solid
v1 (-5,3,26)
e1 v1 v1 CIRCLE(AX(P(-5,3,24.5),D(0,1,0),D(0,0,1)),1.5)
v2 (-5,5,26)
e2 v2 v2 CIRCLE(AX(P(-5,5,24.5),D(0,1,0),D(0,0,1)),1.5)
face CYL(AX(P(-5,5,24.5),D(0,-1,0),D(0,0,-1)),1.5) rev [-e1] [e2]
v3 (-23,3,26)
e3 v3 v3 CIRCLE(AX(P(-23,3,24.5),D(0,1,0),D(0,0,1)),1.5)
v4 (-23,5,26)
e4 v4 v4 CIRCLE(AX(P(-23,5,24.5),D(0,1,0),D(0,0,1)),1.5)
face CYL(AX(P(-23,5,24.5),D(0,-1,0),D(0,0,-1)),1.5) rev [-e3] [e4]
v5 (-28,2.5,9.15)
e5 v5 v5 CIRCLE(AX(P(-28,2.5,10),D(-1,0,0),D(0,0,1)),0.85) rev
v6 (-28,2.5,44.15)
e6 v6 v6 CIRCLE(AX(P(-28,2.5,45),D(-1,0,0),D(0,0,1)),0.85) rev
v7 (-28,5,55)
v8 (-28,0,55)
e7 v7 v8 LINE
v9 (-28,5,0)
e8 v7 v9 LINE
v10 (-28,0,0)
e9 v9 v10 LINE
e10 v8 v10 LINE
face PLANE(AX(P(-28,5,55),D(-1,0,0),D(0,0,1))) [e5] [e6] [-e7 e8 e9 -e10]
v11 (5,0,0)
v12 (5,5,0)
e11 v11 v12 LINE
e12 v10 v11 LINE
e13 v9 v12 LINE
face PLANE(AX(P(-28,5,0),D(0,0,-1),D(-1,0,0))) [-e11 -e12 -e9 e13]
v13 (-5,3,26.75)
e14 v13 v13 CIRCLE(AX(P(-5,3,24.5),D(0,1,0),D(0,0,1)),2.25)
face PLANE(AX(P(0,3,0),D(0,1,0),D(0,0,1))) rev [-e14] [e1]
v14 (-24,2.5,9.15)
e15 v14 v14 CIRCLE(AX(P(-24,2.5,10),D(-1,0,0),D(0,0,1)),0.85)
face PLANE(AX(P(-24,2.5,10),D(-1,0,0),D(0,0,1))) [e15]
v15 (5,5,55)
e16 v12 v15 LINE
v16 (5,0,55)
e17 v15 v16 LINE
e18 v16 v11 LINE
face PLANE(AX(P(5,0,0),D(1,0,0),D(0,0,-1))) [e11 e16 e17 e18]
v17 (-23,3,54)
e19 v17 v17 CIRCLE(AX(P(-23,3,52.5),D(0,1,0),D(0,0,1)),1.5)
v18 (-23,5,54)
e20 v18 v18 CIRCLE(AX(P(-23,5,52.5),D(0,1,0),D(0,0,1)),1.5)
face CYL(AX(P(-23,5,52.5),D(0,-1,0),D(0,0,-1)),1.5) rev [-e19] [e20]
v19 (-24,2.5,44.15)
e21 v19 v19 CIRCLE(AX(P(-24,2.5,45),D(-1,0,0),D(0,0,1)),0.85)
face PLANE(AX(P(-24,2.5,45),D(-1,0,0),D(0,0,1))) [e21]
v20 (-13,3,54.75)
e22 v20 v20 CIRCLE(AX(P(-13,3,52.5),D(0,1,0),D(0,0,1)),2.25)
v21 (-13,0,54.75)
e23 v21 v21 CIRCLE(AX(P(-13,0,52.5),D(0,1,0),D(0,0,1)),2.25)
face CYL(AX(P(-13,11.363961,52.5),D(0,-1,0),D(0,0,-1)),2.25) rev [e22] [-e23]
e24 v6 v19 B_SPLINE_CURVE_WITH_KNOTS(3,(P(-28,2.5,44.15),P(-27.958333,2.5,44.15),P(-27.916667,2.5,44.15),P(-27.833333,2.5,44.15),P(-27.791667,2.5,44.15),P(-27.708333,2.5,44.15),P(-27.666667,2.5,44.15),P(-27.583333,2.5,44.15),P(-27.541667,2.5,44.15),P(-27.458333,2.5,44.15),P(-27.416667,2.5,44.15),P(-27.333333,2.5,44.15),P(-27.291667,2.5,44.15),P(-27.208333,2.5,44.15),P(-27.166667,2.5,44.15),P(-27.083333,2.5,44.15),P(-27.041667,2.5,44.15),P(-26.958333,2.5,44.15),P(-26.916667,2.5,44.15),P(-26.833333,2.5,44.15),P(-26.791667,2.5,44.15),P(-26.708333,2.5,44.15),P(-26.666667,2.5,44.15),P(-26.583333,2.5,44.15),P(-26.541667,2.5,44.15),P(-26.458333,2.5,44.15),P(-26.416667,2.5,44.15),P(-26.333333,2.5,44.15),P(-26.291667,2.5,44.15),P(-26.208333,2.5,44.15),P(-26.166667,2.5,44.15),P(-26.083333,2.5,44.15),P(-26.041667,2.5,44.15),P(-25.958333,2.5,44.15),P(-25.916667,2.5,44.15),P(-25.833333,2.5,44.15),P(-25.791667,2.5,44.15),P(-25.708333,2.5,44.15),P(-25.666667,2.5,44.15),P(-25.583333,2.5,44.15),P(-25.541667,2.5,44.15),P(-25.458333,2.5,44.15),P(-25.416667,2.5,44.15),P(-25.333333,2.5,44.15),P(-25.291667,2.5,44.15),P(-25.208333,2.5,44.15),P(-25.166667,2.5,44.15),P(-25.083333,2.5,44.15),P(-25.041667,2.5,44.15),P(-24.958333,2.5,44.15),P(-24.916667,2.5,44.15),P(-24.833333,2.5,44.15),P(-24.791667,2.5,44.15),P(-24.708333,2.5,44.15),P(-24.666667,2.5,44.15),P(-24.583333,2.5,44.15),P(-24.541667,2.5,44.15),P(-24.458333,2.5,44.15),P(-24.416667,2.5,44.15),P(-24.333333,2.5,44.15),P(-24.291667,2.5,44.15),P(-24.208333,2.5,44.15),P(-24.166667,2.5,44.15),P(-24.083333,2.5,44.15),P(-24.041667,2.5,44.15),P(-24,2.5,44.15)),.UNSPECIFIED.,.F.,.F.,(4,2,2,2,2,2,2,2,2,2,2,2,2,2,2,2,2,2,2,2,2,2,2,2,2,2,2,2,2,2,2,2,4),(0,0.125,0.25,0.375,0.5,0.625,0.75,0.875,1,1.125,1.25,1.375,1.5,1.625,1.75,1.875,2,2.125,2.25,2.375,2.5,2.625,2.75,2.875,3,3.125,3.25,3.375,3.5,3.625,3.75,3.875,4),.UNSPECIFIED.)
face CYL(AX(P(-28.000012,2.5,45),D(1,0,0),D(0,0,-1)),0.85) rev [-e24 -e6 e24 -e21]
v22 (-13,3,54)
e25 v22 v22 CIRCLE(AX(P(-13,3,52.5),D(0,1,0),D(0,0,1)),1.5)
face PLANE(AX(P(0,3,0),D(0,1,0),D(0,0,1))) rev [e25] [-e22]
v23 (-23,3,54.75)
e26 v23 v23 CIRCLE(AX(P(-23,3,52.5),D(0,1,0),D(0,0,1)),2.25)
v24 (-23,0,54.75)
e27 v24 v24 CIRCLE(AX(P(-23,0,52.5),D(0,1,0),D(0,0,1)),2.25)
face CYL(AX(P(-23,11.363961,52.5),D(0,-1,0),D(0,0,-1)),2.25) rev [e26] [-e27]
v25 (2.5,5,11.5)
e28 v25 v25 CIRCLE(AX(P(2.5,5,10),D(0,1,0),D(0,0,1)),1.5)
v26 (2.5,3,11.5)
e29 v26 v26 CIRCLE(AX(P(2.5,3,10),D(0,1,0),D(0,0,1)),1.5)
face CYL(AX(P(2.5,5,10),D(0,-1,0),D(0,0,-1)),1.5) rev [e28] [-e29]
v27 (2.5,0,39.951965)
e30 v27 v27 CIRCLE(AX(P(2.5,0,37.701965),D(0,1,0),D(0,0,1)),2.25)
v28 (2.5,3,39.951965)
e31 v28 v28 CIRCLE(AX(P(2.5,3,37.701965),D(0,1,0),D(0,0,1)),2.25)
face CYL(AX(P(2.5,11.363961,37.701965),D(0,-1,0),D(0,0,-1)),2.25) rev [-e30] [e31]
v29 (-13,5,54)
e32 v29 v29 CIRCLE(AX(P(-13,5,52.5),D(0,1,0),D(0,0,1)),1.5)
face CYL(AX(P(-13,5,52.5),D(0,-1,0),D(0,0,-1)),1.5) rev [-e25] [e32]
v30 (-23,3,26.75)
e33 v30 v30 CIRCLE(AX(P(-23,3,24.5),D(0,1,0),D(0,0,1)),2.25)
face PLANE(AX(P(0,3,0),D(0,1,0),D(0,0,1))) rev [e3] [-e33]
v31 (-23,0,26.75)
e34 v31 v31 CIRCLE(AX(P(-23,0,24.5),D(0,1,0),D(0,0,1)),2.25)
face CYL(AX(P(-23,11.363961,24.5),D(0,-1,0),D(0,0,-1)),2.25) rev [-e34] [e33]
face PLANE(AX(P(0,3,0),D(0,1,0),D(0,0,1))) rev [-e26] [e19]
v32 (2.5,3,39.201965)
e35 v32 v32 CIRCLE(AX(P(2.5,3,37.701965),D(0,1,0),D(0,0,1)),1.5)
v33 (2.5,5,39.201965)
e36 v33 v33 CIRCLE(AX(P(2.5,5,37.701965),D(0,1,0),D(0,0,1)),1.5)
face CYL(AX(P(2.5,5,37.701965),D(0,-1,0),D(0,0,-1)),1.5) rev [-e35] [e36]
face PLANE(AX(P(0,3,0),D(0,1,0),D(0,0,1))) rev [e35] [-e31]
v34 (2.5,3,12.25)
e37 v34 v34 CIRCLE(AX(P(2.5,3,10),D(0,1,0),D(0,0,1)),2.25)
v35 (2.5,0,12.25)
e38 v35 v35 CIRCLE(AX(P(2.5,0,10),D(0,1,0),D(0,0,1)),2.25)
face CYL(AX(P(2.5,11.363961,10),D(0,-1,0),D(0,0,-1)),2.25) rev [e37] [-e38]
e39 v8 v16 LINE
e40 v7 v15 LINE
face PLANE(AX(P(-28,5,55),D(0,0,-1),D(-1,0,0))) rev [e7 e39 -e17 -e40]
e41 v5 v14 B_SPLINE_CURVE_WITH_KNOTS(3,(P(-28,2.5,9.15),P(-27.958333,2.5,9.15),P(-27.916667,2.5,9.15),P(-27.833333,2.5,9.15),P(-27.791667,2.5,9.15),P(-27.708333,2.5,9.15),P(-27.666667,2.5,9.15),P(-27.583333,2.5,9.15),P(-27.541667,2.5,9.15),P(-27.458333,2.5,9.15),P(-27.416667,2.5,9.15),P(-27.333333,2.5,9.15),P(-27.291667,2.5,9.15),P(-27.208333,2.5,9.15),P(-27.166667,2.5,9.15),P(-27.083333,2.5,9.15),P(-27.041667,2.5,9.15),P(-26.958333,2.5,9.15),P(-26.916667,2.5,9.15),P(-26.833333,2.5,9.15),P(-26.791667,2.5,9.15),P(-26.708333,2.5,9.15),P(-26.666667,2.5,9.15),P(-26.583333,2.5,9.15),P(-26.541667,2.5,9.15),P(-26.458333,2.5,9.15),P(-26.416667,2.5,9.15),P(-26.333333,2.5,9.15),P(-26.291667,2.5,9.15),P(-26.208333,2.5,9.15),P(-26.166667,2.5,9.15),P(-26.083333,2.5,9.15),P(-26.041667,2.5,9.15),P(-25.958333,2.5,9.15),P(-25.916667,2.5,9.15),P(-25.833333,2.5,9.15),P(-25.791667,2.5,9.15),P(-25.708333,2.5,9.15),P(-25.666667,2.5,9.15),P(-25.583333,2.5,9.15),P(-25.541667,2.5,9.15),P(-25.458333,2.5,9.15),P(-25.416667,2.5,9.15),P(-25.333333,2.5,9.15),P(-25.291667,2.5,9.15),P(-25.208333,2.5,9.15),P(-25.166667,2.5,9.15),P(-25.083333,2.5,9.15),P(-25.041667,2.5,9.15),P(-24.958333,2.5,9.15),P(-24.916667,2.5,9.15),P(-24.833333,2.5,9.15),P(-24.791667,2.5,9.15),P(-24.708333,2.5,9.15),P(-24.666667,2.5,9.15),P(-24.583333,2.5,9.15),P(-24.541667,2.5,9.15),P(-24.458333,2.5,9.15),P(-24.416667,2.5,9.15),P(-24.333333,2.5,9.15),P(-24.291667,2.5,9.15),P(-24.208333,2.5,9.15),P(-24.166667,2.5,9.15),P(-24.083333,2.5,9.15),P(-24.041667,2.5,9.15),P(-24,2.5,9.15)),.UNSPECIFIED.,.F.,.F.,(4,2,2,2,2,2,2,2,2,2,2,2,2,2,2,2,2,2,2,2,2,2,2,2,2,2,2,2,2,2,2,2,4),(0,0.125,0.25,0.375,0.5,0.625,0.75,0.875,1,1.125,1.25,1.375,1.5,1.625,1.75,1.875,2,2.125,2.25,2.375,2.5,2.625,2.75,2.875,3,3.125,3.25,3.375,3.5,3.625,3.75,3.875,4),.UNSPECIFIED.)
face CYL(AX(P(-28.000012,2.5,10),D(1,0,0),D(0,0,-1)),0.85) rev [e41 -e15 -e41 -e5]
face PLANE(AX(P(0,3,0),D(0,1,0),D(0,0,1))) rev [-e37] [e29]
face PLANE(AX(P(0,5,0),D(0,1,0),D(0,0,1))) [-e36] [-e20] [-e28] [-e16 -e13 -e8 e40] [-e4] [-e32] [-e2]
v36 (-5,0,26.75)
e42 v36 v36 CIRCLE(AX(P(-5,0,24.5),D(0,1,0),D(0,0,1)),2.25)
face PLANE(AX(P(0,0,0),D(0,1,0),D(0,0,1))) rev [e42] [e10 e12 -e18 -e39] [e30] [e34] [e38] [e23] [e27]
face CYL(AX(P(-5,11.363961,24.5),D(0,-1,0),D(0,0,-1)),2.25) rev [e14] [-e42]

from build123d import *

# Parameters (mm, degrees)
SKETCH_1_W               = 28
SKETCH_1_H               = 55
SKETCH_1_R               = 1.5
EXTRUDE_1_DEPTH          = 5
CUT_EXTRUDE_1_DEPTH      = 62.919302322
CUT_EXTRUDE_1_DEPTH_BACK = 4
SKETCH_4_R               = 0.85
SKETCH_5_W               = 55
SKETCH_5_H               = 5
EXTRUDE_2_DEPTH          = 5
SKETCH_1_22_R            = 1.5
CUT_EXTRUDE_2_DEPTH      = 62.919302322
SKETCH_1_23_R            = 2.25
CUT_EXTRUDE_3_DEPTH      = 3


with BuildPart() as part:
    # 草图1 → 凸台-拉伸1 (new body)
    with BuildSketch(Plane(origin=(0, 0, 0), x_dir=(1, 0, 0), z_dir=(0, 1, 0))):
        with Locations((-14, -27.5)):
            Rectangle(SKETCH_1_W, SKETCH_1_H)
        with Locations(Location((-23, -24.5, 0), (0, 0, 270))):
            Circle(SKETCH_1_R, mode=Mode.SUBTRACT)
        with Locations(Location((-5, -24.5, 0), (0, 0, 270))):
            Circle(SKETCH_1_R, mode=Mode.SUBTRACT)
        with Locations(Location((-13, -52.5, 0), (0, 0, 270))):
            Circle(SKETCH_1_R, mode=Mode.SUBTRACT)
        with Locations(Location((-23, -52.5, 0), (0, 0, 270))):
            Circle(SKETCH_1_R, mode=Mode.SUBTRACT)
    extrude(amount=EXTRUDE_1_DEPTH)

    # 草图4 → 切除-拉伸1 (cut, two sides: drawn at the far end of the back side and taken through both)
    with BuildSketch(Plane.ZY.offset(28).offset(-CUT_EXTRUDE_1_DEPTH_BACK)):
        with Locations(Location((10, 2.5, 0), (0, 0, 180))):
            Circle(SKETCH_4_R)
        with Locations(Location((45, 2.5, 0), (0, 0, 180))):
            Circle(SKETCH_4_R)
    extrude(amount=CUT_EXTRUDE_1_DEPTH + CUT_EXTRUDE_1_DEPTH_BACK, mode=Mode.SUBTRACT)

    # 草图5 → 凸台-拉伸2 (add)
    with BuildSketch(Plane(origin=(0, 0, 0), x_dir=(0, 0, -1), z_dir=(1, 0, 0))):
        with Locations((-27.5, 2.5)):
            Rectangle(SKETCH_5_W, SKETCH_5_H)
    extrude(amount=EXTRUDE_2_DEPTH)

    # 草图1<22> → 切除-拉伸2 (cut, through all)
    with BuildSketch(Plane(origin=(0, 0, 0), x_dir=(1, 0, 0), z_dir=(0, 1, 0))):
        with Locations(Location((2.5, -37.701964887, 0), (0, 0, 270))):
            Circle(SKETCH_1_22_R)
        with Locations(Location((2.5, -10, 0), (0, 0, 270))):
            Circle(SKETCH_1_22_R)
    extrude(amount=CUT_EXTRUDE_2_DEPTH, mode=Mode.SUBTRACT)

    # 草图1<23> → 切除-拉伸3 (cut)
    with BuildSketch(Plane(origin=(0, 0, 0), x_dir=(1, 0, 0), z_dir=(0, 1, 0))):
        with Locations(Location((-23, -24.5, 0), (0, 0, 270))):
            Circle(SKETCH_1_23_R)
        with Locations(Location((-5, -24.5, 0), (0, 0, 270))):
            Circle(SKETCH_1_23_R)
        with Locations(Location((-13, -52.5, 0), (0, 0, 270))):
            Circle(SKETCH_1_23_R)
        with Locations(Location((2.5, -37.701964887, 0), (0, 0, 270))):
            Circle(SKETCH_1_23_R)
        with Locations(Location((-23, -52.5, 0), (0, 0, 270))):
            Circle(SKETCH_1_23_R)
        with Locations(Location((2.5, -10, 0), (0, 0, 270))):
            Circle(SKETCH_1_23_R)
    extrude(amount=CUT_EXTRUDE_3_DEPTH, mode=Mode.SUBTRACT)


solid = part.part
